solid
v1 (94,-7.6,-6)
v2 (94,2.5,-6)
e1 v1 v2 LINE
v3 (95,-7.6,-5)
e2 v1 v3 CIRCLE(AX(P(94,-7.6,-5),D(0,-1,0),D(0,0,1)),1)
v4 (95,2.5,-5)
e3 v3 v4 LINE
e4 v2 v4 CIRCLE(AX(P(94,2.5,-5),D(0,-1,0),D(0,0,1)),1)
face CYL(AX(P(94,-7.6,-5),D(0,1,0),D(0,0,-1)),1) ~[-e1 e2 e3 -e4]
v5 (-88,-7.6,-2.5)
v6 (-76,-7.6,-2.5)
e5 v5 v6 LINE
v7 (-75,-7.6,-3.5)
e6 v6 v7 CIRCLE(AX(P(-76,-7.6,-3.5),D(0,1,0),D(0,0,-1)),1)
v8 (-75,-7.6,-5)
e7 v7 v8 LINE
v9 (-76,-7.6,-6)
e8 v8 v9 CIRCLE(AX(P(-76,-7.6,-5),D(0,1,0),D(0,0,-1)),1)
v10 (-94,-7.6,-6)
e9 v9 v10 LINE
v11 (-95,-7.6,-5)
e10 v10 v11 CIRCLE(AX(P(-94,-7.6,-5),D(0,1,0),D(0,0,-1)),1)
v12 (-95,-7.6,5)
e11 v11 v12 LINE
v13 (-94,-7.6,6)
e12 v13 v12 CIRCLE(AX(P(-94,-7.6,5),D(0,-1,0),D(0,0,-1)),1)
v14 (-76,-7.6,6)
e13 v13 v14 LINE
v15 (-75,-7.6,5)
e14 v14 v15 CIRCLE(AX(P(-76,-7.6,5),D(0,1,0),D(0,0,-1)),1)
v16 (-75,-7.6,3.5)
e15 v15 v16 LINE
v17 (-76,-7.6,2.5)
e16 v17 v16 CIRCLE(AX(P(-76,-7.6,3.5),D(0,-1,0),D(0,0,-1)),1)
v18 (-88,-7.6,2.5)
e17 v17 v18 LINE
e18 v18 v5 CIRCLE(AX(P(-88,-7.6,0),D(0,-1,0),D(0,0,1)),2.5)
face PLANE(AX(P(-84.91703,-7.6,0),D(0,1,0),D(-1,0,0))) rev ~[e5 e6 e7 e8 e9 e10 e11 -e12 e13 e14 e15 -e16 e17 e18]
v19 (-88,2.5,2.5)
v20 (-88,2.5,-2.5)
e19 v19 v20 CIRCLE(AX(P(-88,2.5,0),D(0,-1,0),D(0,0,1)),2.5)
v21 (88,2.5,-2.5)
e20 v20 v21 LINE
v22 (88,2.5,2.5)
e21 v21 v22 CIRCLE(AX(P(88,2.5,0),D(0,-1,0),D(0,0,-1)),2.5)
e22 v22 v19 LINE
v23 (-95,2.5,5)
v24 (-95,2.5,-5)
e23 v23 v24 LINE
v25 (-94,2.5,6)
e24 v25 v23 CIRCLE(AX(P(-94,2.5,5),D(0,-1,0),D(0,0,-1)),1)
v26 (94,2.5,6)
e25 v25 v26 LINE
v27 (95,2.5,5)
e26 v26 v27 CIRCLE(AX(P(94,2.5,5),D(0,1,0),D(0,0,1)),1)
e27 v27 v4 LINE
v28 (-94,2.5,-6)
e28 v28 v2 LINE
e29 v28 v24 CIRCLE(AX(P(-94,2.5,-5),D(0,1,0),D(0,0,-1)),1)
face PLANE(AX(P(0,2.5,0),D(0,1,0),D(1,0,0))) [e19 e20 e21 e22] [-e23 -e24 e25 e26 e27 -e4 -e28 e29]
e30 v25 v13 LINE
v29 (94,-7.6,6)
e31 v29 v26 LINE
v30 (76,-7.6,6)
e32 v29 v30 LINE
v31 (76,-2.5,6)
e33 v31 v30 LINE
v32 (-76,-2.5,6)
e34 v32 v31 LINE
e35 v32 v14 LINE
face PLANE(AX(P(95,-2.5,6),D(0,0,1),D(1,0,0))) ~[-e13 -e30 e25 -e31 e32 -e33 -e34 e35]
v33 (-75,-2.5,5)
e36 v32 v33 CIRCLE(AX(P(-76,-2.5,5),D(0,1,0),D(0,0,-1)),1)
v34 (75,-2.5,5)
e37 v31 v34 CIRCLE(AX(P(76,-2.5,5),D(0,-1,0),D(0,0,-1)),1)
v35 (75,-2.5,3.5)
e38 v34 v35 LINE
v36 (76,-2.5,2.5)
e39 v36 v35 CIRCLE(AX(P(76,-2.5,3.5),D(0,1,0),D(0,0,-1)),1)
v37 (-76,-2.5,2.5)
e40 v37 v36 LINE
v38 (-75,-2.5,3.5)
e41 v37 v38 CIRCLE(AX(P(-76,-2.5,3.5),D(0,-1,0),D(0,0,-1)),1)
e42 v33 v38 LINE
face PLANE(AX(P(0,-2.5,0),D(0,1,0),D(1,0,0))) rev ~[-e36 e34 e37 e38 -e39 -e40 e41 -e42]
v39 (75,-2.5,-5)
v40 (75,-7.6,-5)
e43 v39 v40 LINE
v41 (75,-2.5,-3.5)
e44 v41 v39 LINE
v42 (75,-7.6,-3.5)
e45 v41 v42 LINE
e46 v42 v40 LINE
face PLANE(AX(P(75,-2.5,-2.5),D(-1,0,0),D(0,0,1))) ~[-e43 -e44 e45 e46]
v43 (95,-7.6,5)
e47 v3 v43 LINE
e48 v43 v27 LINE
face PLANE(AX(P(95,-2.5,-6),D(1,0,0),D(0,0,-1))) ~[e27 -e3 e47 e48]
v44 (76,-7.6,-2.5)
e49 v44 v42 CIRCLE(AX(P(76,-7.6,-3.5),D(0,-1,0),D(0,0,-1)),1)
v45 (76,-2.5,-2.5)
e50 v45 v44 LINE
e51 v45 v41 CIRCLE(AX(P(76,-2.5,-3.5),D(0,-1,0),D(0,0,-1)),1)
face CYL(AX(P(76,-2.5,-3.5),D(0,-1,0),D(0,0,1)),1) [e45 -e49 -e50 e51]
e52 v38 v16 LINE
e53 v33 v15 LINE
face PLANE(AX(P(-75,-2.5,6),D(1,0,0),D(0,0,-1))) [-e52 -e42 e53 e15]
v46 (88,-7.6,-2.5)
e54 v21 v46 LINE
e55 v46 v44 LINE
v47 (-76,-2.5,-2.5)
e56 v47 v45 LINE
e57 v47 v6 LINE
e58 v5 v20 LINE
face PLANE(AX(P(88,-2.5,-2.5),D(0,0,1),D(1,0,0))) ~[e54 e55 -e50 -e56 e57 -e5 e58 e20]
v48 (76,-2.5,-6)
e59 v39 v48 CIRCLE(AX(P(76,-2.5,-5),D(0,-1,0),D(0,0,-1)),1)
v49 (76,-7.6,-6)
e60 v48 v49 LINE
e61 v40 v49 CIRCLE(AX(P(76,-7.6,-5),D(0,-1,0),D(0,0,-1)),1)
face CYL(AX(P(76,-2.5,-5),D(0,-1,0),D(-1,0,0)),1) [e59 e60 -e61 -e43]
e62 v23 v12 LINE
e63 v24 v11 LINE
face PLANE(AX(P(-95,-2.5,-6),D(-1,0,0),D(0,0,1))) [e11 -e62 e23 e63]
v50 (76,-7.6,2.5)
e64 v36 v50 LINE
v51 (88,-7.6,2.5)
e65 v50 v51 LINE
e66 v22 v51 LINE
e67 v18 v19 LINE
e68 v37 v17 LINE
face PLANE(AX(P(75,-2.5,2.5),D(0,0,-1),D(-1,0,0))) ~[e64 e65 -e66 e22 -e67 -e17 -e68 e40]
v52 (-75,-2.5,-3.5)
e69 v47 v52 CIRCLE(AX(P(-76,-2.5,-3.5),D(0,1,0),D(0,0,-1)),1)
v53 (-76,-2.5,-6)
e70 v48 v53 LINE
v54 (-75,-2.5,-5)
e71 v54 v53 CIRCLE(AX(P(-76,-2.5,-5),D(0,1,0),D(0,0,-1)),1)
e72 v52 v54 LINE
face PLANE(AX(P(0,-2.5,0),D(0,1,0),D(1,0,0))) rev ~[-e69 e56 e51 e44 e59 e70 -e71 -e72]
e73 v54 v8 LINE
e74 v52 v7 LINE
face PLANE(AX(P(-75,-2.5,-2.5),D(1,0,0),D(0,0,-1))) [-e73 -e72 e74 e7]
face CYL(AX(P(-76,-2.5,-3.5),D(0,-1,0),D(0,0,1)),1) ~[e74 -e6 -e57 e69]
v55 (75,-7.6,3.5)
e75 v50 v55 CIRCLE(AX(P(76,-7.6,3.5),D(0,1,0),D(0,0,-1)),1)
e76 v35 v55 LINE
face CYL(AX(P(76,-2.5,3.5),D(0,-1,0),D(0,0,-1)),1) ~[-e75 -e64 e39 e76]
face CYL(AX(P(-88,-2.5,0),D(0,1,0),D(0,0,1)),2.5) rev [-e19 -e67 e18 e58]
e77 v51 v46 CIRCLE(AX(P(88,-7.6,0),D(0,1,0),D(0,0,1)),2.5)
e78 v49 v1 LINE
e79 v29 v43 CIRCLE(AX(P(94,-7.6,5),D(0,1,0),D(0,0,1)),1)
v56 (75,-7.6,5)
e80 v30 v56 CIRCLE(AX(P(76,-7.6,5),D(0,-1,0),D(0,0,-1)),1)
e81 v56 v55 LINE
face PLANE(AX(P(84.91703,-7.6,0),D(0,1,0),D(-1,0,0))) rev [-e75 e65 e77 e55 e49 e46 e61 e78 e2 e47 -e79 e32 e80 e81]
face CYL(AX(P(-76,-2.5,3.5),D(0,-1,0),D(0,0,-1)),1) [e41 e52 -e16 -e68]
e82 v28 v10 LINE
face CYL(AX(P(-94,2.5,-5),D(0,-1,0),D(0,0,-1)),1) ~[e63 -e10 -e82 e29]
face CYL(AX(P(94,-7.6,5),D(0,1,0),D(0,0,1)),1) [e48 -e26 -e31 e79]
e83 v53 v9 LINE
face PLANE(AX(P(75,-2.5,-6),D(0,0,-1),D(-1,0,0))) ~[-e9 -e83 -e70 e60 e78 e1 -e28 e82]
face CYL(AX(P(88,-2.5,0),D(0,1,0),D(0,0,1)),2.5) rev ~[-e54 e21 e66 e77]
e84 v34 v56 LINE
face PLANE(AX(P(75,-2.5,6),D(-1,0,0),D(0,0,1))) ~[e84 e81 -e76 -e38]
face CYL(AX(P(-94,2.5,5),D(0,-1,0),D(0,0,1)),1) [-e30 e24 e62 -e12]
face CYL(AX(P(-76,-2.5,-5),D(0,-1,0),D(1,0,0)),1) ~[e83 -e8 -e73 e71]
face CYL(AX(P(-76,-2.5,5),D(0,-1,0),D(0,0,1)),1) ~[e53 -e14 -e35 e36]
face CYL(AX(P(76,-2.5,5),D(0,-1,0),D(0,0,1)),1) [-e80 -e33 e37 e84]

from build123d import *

# Parameters (mm, degrees)
ESQUISSE1_W        = 190
ESQUISSE1_H        = 12
BOSS_EXTRU_1_DEPTH = 2.5
BOSS_EXTRU_3_DEPTH = 5.1
CONG_1_R           = 1


with BuildPart() as part:
    # Esquisse1 → Boss.-Extru.1 (new body, symmetric)
    with BuildSketch(Plane(origin=(0, 0, 0), x_dir=(1, 0, 0), z_dir=(0, 1, 0))):
        Rectangle(ESQUISSE1_W, ESQUISSE1_H)
        with BuildLine():
            Line((-88, 2.5), (88, 2.5))
            ThreePointArc((88, 2.5), (90.5, 0), (88, -2.5))
            Line((88, -2.5), (-88, -2.5))
            ThreePointArc((-88, -2.5), (-90.5, 0), (-88, 2.5))
        make_face(mode=Mode.SUBTRACT)
    extrude(amount=BOSS_EXTRU_1_DEPTH, both=True)

    # Esquisse4 → Boss.-Extru.3 (add)
    with BuildSketch(Plane.XZ.offset(2.5)):
        with BuildLine():
            Line((-95, 6), (-75, 6))
            Line((-75, 6), (-75, 2.5))
            Line((-75, 2.5), (-88, 2.5))
            ThreePointArc((-88, 2.5), (-90.5, 0), (-88, -2.5))
            Line((-88, -2.5), (-75, -2.5))
            Line((-75, -2.5), (-75, -6))
            Line((-75, -6), (-95, -6))
            Line((-95, -6), (-95, 6))
        make_face()
    boss_extru_3 = extrude(amount=BOSS_EXTRU_3_DEPTH)

    # Symétrie2: Boss.-Extru.3 across plane
    add(boss_extru_3.mirror(Plane(origin=(0, 0, 0), x_dir=(0, 0, 1), z_dir=(1, 0, 0))))

    # Congé1
    cong_1_edges = [part.edges().sort_by_distance(p)[0] for p in [
        (-75, -5.05, -6),
        (-75, -5.05, -2.5),
        (-75, -5.05, 2.5),
        (-75, -5.05, 6),
        (75, -5.05, 6),
        (75, -5.05, 2.5),
        (75, -5.05, -2.5),
        (75, -5.05, -6),
        (95, -2.55, 6),
        (-95, -2.55, 6),
        (-95, -2.55, -6),
        (95, -2.55, -6),
    ]]
    fillet(cong_1_edges, radius=CONG_1_R)


solid = part.part
